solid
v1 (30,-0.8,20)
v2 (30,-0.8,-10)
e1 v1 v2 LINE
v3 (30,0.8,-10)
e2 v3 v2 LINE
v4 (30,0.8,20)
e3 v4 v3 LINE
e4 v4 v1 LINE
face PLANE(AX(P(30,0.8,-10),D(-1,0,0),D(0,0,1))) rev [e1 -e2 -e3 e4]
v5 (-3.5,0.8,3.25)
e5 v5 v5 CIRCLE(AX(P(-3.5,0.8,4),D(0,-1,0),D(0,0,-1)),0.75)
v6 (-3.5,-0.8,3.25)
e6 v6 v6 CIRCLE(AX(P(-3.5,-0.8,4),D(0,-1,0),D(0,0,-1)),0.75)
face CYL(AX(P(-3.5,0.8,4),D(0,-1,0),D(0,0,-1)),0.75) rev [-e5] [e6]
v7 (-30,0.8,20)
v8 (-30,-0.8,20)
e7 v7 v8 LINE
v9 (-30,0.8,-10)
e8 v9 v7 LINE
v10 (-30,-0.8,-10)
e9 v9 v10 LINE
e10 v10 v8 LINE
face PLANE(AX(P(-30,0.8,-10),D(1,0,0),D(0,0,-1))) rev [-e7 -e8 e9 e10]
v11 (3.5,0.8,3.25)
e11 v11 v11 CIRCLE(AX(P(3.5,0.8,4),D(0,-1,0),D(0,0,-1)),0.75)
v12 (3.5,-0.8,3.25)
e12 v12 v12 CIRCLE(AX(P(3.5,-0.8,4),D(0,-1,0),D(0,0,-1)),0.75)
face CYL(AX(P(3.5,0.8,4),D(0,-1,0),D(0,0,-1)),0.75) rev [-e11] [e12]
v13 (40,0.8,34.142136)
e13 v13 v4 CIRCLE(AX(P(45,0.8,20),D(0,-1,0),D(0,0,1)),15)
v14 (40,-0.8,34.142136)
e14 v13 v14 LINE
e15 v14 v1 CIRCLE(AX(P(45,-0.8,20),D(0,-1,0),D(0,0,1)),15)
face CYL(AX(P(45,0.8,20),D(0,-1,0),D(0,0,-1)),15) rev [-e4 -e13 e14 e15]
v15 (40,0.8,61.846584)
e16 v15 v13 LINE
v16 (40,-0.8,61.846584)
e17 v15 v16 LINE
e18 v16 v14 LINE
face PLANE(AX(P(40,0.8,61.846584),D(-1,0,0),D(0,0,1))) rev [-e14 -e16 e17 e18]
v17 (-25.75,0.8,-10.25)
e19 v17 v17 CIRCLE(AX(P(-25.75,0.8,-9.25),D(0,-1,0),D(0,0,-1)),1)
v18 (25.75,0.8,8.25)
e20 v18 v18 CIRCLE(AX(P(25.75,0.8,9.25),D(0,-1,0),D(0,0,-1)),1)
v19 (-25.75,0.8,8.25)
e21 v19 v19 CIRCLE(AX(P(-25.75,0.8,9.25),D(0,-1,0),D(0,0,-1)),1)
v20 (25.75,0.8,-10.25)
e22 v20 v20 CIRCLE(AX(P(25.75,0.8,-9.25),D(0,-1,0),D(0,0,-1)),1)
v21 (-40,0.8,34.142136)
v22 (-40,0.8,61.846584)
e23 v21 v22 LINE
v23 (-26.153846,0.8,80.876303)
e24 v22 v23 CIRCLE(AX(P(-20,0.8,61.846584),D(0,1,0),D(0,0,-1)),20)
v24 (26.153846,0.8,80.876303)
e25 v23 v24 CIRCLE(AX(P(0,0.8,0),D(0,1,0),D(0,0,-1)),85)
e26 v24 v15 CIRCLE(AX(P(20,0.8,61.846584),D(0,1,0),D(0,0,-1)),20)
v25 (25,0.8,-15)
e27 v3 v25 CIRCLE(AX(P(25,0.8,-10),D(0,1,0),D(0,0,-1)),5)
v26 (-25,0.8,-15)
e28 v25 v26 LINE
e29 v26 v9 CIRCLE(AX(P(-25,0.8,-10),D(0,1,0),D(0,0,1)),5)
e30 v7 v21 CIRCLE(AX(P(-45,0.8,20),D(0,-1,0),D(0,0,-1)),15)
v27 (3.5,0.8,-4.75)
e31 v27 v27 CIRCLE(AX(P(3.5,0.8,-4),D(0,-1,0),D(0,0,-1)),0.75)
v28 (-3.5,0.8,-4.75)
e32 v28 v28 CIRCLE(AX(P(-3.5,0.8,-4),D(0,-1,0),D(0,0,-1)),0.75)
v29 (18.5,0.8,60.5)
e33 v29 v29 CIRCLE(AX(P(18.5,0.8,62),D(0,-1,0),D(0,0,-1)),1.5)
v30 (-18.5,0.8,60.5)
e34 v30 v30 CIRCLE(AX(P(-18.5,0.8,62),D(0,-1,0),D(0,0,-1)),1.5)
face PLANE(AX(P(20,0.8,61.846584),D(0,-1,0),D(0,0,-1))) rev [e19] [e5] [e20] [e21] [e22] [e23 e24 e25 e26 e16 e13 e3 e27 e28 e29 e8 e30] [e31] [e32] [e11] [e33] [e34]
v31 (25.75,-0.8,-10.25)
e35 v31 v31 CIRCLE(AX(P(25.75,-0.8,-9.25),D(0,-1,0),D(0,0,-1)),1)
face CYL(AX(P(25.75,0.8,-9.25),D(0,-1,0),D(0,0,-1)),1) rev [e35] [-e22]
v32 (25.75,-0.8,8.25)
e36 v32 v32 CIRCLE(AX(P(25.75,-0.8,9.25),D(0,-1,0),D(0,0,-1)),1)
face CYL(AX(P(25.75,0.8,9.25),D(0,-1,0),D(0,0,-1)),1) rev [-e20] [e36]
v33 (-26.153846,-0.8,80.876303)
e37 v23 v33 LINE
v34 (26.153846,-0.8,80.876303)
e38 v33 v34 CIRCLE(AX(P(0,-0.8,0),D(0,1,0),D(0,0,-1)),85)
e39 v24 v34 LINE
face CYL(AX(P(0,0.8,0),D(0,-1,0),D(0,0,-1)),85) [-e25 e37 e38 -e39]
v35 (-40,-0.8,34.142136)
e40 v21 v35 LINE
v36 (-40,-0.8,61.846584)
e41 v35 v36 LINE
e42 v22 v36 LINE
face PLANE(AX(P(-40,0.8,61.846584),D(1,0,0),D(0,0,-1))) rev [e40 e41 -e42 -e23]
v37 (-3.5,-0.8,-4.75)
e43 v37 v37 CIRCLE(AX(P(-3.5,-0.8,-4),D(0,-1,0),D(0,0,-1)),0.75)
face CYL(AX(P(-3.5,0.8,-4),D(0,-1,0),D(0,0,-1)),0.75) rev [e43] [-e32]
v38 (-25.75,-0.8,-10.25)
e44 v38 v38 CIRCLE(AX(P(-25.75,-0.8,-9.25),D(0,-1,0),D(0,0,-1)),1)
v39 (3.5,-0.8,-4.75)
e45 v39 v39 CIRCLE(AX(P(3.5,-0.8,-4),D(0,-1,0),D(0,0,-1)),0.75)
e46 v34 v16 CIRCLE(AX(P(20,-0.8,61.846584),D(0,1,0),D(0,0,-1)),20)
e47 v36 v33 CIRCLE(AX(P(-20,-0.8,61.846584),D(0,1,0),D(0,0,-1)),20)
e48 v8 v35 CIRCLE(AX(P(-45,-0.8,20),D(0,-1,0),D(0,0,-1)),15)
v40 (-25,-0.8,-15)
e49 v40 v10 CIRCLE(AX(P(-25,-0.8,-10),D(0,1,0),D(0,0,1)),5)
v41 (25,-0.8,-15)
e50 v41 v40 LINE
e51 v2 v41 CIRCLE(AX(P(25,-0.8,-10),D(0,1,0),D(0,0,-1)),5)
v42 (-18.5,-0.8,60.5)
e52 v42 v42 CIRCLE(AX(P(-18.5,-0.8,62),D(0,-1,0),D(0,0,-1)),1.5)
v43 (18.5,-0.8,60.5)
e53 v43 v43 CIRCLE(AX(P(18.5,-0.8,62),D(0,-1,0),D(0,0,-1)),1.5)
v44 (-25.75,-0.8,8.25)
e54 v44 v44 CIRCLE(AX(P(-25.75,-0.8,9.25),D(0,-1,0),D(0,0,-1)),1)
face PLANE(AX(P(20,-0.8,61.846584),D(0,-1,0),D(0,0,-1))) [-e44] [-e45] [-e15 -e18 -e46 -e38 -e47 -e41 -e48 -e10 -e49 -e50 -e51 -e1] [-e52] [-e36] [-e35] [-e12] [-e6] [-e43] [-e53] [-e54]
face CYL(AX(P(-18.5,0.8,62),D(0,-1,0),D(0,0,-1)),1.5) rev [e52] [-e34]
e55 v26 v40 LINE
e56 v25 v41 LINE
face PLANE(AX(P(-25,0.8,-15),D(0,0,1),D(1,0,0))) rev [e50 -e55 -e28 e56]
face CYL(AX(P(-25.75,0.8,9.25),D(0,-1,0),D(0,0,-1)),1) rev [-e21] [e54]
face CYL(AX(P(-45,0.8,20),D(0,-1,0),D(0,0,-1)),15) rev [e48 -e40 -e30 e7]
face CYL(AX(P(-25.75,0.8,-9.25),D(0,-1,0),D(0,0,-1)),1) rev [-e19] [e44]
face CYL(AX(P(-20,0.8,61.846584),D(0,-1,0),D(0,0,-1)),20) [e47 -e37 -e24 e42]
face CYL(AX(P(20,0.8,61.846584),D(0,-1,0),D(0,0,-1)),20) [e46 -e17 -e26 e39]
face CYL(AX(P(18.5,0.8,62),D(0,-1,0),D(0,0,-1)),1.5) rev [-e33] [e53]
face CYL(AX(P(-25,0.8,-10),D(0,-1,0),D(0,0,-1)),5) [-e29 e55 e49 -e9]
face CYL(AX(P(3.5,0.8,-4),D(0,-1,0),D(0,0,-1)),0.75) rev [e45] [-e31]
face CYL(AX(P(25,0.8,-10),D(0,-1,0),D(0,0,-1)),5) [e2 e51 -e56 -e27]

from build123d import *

# Parameters (mm, degrees)
P_IDAT_VYSUNUT_M1_DEPTH  = 0.8
SKICA2_R                 = 1
ODEBRAT_VYSUNUT_M1_DEPTH = 94.955095657
SKICA3_R                 = 0.75
ODEBRAT_VYSUNUT_M2_DEPTH = 94.955095657
SKICA8_R                 = 1.5
ODEBRAT_VYSUNUT_M4_DEPTH = 94.955095657


with BuildPart() as part:
    # Skica1 → Přidat vysunutím1 (new, symmetric)
    with BuildSketch(Plane(origin=(0, 0, 0), x_dir=(1, 0, 0), z_dir=(0, 1, 0))):
        with BuildLine():
            Line((-25, 15), (25, 15))
            ThreePointArc((25, 15), (28.535533906, 13.535533906), (30, 10))
            Line((30, 10), (30, -20))
            ThreePointArc((30, -20), (32.752551286, -28.660254038), (40, -34.142135624))
            Line((40, -34.142135624), (40, -61.846584384))
            ThreePointArc((40, -61.846584384), (36.172150801, -73.613552493), (26.153846154, -80.876302656))
            ThreePointArc((26.153846154, -80.876302656), (0, -85), (-26.153846154, -80.876302656))
            ThreePointArc((-26.153846154, -80.876302656), (-36.172150801, -73.613552493), (-40, -61.846584384))
            Line((-40, -61.846584384), (-40, -34.142135624))
            ThreePointArc((-40, -34.142135624), (-32.752551286, -28.660254038), (-30, -20))
            Line((-30, -20), (-30, 10))
            ThreePointArc((-30, 10), (-28.535533906, 13.535533906), (-25, 15))
        make_face()
    extrude(amount=P_IDAT_VYSUNUT_M1_DEPTH, both=True)

    # Skica2 → Odebrat vysunutím1 (cut, through all)
    with BuildSketch(Plane.XZ.offset(0.8)):
        with Locations(Location((-25.75, -9.25, 0), (0, 0, 270))):
            Circle(SKICA2_R)
        with Locations(Location((-25.75, 9.25, 0), (0, 0, 270))):
            Circle(SKICA2_R)
        with Locations(Location((25.75, 9.25, 0), (0, 0, 270))):
            Circle(SKICA2_R)
        with Locations(Location((25.75, -9.25, 0), (0, 0, 270))):
            Circle(SKICA2_R)
    extrude(amount=-ODEBRAT_VYSUNUT_M1_DEPTH, mode=Mode.SUBTRACT)

    # Skica3 → Odebrat vysunutím2 (cut, through all)
    with BuildSketch(Plane.XZ.offset(0.8)):
        with Locations(Location((-3.5, 4, 0), (0, 0, 270))):
            Circle(SKICA3_R)
        with Locations(Location((3.5, 4, 0), (0, 0, 270))):
            Circle(SKICA3_R)
        with Locations(Location((-3.5, -4, 0), (0, 0, 270))):
            Circle(SKICA3_R)
        with Locations(Location((3.5, -4, 0), (0, 0, 270))):
            Circle(SKICA3_R)
    extrude(amount=-ODEBRAT_VYSUNUT_M2_DEPTH, mode=Mode.SUBTRACT)

    # Skica8 → Odebrat vysunutím4 (cut, through all)
    with BuildSketch(Plane.XZ.offset(0.8)):
        with Locations(Location((18.5, 62, 0), (0, 0, 270))):
            Circle(SKICA8_R)
        with Locations(Location((-18.5, 62, 0), (0, 0, 270))):
            Circle(SKICA8_R)
    extrude(amount=-ODEBRAT_VYSUNUT_M4_DEPTH, mode=Mode.SUBTRACT)


solid = part.part
